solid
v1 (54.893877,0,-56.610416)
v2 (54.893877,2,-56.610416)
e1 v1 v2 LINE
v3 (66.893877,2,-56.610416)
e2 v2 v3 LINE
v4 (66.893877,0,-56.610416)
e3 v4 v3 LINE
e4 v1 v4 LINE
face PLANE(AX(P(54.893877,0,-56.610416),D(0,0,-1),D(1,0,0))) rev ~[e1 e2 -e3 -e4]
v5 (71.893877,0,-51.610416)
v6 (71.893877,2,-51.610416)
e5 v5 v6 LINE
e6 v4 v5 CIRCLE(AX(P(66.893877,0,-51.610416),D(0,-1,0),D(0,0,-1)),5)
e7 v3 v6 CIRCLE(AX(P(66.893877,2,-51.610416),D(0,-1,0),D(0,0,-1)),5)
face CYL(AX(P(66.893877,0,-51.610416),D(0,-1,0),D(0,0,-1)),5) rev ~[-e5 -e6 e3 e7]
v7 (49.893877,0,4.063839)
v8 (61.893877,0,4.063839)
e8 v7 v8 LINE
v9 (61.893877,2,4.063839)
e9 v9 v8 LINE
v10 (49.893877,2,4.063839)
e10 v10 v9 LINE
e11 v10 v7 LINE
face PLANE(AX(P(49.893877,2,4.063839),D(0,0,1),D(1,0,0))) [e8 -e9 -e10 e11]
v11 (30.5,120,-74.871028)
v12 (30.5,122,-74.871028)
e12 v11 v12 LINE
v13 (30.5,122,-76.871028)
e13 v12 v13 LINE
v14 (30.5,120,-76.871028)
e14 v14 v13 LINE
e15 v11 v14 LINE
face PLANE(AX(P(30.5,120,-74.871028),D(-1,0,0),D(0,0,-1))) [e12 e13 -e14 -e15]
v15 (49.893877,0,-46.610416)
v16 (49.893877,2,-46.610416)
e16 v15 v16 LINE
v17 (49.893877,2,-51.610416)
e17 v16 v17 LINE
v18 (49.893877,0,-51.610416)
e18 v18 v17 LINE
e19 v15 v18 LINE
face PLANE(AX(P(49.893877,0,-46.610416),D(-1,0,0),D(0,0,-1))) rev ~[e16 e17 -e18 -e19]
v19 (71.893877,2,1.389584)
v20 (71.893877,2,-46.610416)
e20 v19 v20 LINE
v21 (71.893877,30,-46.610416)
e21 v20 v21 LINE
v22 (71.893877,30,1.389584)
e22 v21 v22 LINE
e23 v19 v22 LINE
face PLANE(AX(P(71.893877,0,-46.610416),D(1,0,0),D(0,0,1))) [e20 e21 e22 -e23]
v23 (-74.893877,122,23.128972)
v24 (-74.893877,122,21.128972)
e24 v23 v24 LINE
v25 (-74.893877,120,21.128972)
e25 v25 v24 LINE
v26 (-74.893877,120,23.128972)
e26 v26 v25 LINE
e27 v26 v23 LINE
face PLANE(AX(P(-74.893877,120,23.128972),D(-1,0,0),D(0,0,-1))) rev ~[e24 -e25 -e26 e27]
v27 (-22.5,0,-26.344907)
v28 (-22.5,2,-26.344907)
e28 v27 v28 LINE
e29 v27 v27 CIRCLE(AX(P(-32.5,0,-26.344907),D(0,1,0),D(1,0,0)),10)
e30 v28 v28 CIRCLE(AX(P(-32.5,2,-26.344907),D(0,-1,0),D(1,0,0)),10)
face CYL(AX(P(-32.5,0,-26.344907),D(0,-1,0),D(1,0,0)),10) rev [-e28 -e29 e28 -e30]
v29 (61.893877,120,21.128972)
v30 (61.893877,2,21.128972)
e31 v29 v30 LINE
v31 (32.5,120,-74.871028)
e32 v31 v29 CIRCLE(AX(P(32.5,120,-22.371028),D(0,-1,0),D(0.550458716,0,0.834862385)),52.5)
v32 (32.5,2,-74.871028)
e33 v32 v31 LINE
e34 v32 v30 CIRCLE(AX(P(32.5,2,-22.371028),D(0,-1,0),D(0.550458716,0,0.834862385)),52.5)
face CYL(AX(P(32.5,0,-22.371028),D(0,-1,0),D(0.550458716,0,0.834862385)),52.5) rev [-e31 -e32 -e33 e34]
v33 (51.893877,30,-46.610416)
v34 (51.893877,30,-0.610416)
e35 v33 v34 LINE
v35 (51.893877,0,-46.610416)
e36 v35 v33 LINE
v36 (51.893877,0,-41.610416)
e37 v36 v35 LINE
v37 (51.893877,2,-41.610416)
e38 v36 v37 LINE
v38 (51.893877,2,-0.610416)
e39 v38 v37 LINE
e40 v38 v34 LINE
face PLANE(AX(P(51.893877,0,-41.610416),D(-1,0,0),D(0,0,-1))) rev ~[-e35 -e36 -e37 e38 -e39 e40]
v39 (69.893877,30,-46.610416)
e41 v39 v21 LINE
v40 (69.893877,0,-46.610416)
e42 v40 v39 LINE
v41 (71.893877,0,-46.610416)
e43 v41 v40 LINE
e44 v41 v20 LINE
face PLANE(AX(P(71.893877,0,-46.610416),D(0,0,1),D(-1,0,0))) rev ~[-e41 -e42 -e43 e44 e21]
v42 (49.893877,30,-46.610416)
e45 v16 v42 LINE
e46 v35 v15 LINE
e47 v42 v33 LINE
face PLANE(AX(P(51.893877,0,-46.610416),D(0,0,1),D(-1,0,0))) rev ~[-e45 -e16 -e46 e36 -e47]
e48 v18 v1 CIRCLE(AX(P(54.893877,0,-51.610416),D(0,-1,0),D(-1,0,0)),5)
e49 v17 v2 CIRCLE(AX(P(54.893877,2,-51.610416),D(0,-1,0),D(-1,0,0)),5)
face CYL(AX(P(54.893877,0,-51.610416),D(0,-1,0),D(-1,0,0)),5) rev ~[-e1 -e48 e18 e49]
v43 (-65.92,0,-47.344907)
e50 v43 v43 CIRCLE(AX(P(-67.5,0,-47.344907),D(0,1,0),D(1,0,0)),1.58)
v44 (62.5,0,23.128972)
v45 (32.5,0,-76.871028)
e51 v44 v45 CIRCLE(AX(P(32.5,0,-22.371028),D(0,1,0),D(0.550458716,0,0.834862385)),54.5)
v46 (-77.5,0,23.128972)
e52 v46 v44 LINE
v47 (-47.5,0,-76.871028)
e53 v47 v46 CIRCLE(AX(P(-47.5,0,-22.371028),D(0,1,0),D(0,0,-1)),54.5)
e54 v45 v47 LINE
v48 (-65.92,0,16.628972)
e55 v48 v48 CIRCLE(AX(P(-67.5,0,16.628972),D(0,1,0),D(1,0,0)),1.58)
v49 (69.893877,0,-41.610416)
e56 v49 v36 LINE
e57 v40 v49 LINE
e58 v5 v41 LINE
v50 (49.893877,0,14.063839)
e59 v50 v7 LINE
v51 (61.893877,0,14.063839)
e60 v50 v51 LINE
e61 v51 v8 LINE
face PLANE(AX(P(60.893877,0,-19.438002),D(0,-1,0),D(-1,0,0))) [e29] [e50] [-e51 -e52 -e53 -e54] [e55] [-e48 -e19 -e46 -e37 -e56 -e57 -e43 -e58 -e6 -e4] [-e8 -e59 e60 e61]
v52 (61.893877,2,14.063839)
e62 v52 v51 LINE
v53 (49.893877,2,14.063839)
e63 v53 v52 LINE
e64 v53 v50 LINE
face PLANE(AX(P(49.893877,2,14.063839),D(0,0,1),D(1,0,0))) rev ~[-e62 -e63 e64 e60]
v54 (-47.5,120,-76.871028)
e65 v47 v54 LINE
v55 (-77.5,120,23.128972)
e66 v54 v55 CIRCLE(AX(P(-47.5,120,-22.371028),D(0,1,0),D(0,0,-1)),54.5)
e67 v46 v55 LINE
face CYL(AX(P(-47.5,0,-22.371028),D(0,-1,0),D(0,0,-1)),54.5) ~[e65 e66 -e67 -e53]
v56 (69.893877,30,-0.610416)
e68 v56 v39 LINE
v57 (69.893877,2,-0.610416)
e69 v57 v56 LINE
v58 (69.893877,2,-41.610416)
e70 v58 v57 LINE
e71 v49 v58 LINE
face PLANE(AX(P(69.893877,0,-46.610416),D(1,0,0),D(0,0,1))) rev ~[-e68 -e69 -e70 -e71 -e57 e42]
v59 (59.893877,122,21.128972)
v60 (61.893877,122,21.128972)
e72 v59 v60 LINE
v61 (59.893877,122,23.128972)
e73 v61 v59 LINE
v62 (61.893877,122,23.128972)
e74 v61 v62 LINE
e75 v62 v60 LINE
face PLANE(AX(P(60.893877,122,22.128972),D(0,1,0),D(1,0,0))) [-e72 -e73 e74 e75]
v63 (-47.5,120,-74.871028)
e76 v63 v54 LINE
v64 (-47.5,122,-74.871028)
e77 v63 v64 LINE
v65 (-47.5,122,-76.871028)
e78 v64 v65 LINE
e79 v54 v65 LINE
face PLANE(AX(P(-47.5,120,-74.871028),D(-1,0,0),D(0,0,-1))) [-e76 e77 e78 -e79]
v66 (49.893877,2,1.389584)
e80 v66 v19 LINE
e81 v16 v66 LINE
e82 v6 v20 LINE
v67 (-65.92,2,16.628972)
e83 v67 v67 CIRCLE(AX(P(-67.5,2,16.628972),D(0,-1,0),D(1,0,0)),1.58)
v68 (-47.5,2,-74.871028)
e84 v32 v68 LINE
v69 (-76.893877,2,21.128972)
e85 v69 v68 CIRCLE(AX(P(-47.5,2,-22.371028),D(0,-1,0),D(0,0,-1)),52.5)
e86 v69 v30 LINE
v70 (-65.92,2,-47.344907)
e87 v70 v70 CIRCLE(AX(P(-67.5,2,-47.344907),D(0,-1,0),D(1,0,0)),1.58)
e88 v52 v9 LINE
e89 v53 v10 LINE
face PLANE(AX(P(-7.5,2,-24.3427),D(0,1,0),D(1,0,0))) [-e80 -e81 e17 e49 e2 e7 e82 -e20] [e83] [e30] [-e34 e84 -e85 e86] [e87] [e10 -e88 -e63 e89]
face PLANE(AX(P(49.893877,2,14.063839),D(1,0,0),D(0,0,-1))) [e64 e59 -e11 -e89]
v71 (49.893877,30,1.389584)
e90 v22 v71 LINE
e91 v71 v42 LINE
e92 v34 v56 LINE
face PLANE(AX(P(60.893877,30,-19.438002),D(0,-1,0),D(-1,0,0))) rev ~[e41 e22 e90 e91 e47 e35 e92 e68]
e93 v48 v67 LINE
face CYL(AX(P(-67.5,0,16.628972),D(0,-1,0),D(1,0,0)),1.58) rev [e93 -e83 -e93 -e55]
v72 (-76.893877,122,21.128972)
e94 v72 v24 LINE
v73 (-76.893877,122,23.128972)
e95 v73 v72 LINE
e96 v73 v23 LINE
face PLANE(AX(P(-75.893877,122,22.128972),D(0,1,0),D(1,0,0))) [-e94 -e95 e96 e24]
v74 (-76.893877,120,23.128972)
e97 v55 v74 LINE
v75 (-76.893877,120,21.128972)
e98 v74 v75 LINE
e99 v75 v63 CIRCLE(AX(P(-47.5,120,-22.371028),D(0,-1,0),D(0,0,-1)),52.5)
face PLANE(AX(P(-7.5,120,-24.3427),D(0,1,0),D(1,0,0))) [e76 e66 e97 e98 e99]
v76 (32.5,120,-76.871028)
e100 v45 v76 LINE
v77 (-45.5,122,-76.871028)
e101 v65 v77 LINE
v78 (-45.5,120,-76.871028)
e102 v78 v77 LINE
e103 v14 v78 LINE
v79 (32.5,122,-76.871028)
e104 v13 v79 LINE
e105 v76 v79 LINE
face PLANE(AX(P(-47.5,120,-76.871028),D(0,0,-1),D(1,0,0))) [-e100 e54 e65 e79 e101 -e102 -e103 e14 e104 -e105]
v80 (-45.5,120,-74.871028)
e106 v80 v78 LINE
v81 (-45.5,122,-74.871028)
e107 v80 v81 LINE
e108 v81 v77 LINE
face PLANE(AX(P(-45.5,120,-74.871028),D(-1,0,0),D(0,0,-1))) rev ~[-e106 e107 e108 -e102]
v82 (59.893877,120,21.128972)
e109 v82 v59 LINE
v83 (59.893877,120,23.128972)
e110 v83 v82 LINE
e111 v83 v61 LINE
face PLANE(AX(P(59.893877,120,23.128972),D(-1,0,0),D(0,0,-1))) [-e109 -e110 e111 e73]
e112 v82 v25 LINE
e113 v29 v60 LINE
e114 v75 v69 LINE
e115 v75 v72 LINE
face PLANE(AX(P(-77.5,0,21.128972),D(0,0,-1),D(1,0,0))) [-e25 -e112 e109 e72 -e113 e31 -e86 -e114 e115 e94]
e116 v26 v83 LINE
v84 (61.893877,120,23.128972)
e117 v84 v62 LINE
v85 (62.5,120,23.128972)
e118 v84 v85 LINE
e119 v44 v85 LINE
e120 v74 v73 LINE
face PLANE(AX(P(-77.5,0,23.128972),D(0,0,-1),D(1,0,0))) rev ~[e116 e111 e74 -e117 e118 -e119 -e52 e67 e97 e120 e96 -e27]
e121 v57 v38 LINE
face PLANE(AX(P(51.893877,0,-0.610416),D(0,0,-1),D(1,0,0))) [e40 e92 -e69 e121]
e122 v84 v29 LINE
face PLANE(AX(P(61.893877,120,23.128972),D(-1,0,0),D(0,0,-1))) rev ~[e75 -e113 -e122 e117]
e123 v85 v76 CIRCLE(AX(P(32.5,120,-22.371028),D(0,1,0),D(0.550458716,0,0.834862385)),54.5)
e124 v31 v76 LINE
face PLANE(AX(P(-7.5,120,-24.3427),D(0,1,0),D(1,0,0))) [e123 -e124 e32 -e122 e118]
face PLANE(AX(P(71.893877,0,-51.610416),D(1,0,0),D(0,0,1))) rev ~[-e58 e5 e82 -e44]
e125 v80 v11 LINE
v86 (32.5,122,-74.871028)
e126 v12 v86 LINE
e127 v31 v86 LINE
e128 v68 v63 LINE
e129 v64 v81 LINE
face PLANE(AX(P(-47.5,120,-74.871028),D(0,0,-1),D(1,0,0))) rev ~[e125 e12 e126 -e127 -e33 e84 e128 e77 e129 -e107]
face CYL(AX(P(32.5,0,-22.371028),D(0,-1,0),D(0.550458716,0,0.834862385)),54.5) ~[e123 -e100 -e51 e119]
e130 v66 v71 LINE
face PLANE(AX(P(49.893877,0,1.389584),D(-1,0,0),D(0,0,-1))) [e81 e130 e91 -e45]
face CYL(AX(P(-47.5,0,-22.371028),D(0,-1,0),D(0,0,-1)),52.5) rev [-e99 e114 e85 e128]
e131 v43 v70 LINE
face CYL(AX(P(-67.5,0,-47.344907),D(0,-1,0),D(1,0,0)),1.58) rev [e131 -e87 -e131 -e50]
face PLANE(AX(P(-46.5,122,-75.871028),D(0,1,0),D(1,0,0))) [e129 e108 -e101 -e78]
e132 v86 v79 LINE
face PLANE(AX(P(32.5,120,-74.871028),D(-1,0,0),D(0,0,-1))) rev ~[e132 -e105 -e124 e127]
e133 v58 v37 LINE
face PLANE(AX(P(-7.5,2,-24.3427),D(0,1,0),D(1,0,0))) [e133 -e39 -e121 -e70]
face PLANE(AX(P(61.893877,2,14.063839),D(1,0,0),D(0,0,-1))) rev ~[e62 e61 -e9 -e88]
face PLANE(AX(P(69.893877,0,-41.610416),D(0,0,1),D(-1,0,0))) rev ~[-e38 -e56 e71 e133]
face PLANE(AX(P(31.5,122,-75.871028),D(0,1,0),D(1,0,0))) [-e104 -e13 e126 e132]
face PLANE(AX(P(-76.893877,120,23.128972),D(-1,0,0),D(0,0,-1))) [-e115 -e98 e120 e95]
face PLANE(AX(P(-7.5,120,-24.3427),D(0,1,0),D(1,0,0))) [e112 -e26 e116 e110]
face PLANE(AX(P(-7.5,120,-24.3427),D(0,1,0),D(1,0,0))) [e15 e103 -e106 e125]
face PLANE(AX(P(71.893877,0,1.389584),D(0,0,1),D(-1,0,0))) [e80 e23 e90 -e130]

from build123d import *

# Parameters (mm, degrees)
BOSS_EXTRUDE2_DEPTH = 120
SHELL2_T            = -2
SKETCH12_W          = 12
SKETCH12_H          = 10
CUT_EXTRUDE4_DEPTH  = 5
CUT_EXTRUDE8_REACH  = 122
SKETCH22_R          = 1.58
SKETCH22_R_2        = 10
BOSS_EXTRUDE4_DEPTH = 30
CUT_EXTRUDE9_REACH  = 122
SKETCH27_W          = 2
SKETCH27_H          = 2
BOSS_EXTRUDE5_DEPTH = 2


with BuildPart() as part:
    # Sketch1 → Boss-Extrude2 (new body)
    with BuildSketch(Plane(origin=(0, 0, 0), x_dir=(1, 0, 0), z_dir=(0, 1, 0))):
        with BuildLine():
            Line((-77.5, -23.128972286), (62.5, -23.128972286))
            ThreePointArc((62.5, -23.128972286), (84.701532545, 38.031487477), (32.5, 76.871027714))
            Line((32.5, 76.871027714), (-47.5, 76.871027714))
            ThreePointArc((-47.5, 76.871027714), (-99.701532545, 38.031487477), (-77.5, -23.128972286))
        make_face()
    extrude(amount=BOSS_EXTRUDE2_DEPTH)

    # Shell2
    shell2_openings = [part.faces().sort_by_distance(p)[0] for p in [
        (-7.5, 120, -32.451257595),
    ]]
    offset(amount=SHELL2_T, openings=shell2_openings, kind=Kind.INTERSECTION)

    # Sketch12 → Cut-Extrude4 (cut)
    with BuildSketch(Plane(origin=(0, 2, 0), x_dir=(1, 0, 0), z_dir=(0, 1, 0))):
        with Locations((55.893876913, -9.063838959)):
            Rectangle(SKETCH12_W, SKETCH12_H)
    extrude(amount=-CUT_EXTRUDE4_DEPTH, mode=Mode.SUBTRACT)

    # Sketch22 → Cut-Extrude8 (cut, up to next)
    with BuildSketch(Plane(origin=(0, 0, 0), x_dir=(1, 0, 0), z_dir=(0, 1, 0)), mode=Mode.PRIVATE) as cut_extrude8_sk1:
        with Locations((-67.5, -16.628972286)):
            Circle(SKETCH22_R)
    cut_extrude8_tool1 = extrude(cut_extrude8_sk1.sketch, amount=CUT_EXTRUDE8_REACH, mode=Mode.PRIVATE) & part.part
    add(cut_extrude8_tool1.solids().sort_by_distance((-67.5, 0, 16.628972))[0], mode=Mode.SUBTRACT)
    # Sketch22 → Cut-Extrude8 (cut, up to next)
    with BuildSketch(Plane(origin=(0, 0, 0), x_dir=(1, 0, 0), z_dir=(0, 1, 0)), mode=Mode.PRIVATE) as cut_extrude8_sk2:
        with Locations((-67.5, 47.344907447)):
            Circle(SKETCH22_R)
    cut_extrude8_tool2 = extrude(cut_extrude8_sk2.sketch, amount=CUT_EXTRUDE8_REACH, mode=Mode.PRIVATE) & part.part
    add(cut_extrude8_tool2.solids().sort_by_distance((-67.5, 0, -47.344907))[0], mode=Mode.SUBTRACT)
    # Sketch22 → Cut-Extrude8 (cut, up to next)
    with BuildSketch(Plane(origin=(0, 0, 0), x_dir=(1, 0, 0), z_dir=(0, 1, 0)), mode=Mode.PRIVATE) as cut_extrude8_sk3:
        with Locations((-32.5, 26.344907447)):
            Circle(SKETCH22_R_2)
    cut_extrude8_tool3 = extrude(cut_extrude8_sk3.sketch, amount=CUT_EXTRUDE8_REACH, mode=Mode.PRIVATE) & part.part
    add(cut_extrude8_tool3.solids().sort_by_distance((-32.5, 0, -26.344907))[0], mode=Mode.SUBTRACT)

    # Sketch23 → Boss-Extrude4 (add)
    with BuildSketch(Plane(origin=(0, 0, 0), x_dir=(1, 0, 0), z_dir=(0, 1, 0))):
        Polygon((51.893876913, 46.61041607), (51.893876913, 0.61041607), (69.893876913, 0.61041607), (69.893876913, 46.61041607), (71.893876913, 46.61041607), (71.893876913, -1.38958393), (49.893876913, -1.38958393), (49.893876913, 46.61041607), align=None)
    extrude(amount=BOSS_EXTRUDE4_DEPTH)

    # Sketch24 → Cut-Extrude9 (cut, up to next)
    with BuildSketch(Plane(origin=(0, 0, 0), x_dir=(1, 0, 0), z_dir=(0, 1, 0)), mode=Mode.PRIVATE) as cut_extrude9_sk1:
        with BuildLine():
            Line((54.893876913, 56.61041607), (66.893876913, 56.61041607))
            ThreePointArc((66.893876913, 56.61041607), (70.429410819, 55.145949976), (71.893876913, 51.61041607))
            Line((71.893876913, 51.61041607), (71.893876913, 46.61041607))
            Line((71.893876913, 46.61041607), (69.893876913, 46.61041607))
            Line((69.893876913, 46.61041607), (69.893876913, 41.61041607))
            Line((69.893876913, 41.61041607), (51.893876913, 41.61041607))
            Line((51.893876913, 41.61041607), (51.893876913, 46.61041607))
            Line((51.893876913, 46.61041607), (49.893876913, 46.61041607))
            Line((49.893876913, 46.61041607), (49.893876913, 51.61041607))
            ThreePointArc((49.893876913, 51.61041607), (51.358343007, 55.145949976), (54.893876913, 56.61041607))
        make_face()
    cut_extrude9_tool1 = extrude(cut_extrude9_sk1.sketch, amount=CUT_EXTRUDE9_REACH, mode=Mode.PRIVATE) & part.part
    add(cut_extrude9_tool1.solids().sort_by_distance((60.893877, 0, -49.215699))[0], mode=Mode.SUBTRACT)

    # Sketch27 → Boss-Extrude5 (add)
    with BuildSketch(Plane(origin=(0, 120, 0), x_dir=(1, 0, 0), z_dir=(0, 1, 0))):
        with Locations((-46.5, 75.871027714)):
            Rectangle(SKETCH27_W, SKETCH27_H)
        with Locations((31.5, 75.871027714)):
            Rectangle(SKETCH27_W, SKETCH27_H)
        with Locations((60.893876913, -22.128972286)):
            Rectangle(SKETCH27_W, SKETCH27_H)
        with Locations((-75.893876913, -22.128972286)):
            Rectangle(SKETCH27_W, SKETCH27_H)
    extrude(amount=BOSS_EXTRUDE5_DEPTH)


solid = part.part
